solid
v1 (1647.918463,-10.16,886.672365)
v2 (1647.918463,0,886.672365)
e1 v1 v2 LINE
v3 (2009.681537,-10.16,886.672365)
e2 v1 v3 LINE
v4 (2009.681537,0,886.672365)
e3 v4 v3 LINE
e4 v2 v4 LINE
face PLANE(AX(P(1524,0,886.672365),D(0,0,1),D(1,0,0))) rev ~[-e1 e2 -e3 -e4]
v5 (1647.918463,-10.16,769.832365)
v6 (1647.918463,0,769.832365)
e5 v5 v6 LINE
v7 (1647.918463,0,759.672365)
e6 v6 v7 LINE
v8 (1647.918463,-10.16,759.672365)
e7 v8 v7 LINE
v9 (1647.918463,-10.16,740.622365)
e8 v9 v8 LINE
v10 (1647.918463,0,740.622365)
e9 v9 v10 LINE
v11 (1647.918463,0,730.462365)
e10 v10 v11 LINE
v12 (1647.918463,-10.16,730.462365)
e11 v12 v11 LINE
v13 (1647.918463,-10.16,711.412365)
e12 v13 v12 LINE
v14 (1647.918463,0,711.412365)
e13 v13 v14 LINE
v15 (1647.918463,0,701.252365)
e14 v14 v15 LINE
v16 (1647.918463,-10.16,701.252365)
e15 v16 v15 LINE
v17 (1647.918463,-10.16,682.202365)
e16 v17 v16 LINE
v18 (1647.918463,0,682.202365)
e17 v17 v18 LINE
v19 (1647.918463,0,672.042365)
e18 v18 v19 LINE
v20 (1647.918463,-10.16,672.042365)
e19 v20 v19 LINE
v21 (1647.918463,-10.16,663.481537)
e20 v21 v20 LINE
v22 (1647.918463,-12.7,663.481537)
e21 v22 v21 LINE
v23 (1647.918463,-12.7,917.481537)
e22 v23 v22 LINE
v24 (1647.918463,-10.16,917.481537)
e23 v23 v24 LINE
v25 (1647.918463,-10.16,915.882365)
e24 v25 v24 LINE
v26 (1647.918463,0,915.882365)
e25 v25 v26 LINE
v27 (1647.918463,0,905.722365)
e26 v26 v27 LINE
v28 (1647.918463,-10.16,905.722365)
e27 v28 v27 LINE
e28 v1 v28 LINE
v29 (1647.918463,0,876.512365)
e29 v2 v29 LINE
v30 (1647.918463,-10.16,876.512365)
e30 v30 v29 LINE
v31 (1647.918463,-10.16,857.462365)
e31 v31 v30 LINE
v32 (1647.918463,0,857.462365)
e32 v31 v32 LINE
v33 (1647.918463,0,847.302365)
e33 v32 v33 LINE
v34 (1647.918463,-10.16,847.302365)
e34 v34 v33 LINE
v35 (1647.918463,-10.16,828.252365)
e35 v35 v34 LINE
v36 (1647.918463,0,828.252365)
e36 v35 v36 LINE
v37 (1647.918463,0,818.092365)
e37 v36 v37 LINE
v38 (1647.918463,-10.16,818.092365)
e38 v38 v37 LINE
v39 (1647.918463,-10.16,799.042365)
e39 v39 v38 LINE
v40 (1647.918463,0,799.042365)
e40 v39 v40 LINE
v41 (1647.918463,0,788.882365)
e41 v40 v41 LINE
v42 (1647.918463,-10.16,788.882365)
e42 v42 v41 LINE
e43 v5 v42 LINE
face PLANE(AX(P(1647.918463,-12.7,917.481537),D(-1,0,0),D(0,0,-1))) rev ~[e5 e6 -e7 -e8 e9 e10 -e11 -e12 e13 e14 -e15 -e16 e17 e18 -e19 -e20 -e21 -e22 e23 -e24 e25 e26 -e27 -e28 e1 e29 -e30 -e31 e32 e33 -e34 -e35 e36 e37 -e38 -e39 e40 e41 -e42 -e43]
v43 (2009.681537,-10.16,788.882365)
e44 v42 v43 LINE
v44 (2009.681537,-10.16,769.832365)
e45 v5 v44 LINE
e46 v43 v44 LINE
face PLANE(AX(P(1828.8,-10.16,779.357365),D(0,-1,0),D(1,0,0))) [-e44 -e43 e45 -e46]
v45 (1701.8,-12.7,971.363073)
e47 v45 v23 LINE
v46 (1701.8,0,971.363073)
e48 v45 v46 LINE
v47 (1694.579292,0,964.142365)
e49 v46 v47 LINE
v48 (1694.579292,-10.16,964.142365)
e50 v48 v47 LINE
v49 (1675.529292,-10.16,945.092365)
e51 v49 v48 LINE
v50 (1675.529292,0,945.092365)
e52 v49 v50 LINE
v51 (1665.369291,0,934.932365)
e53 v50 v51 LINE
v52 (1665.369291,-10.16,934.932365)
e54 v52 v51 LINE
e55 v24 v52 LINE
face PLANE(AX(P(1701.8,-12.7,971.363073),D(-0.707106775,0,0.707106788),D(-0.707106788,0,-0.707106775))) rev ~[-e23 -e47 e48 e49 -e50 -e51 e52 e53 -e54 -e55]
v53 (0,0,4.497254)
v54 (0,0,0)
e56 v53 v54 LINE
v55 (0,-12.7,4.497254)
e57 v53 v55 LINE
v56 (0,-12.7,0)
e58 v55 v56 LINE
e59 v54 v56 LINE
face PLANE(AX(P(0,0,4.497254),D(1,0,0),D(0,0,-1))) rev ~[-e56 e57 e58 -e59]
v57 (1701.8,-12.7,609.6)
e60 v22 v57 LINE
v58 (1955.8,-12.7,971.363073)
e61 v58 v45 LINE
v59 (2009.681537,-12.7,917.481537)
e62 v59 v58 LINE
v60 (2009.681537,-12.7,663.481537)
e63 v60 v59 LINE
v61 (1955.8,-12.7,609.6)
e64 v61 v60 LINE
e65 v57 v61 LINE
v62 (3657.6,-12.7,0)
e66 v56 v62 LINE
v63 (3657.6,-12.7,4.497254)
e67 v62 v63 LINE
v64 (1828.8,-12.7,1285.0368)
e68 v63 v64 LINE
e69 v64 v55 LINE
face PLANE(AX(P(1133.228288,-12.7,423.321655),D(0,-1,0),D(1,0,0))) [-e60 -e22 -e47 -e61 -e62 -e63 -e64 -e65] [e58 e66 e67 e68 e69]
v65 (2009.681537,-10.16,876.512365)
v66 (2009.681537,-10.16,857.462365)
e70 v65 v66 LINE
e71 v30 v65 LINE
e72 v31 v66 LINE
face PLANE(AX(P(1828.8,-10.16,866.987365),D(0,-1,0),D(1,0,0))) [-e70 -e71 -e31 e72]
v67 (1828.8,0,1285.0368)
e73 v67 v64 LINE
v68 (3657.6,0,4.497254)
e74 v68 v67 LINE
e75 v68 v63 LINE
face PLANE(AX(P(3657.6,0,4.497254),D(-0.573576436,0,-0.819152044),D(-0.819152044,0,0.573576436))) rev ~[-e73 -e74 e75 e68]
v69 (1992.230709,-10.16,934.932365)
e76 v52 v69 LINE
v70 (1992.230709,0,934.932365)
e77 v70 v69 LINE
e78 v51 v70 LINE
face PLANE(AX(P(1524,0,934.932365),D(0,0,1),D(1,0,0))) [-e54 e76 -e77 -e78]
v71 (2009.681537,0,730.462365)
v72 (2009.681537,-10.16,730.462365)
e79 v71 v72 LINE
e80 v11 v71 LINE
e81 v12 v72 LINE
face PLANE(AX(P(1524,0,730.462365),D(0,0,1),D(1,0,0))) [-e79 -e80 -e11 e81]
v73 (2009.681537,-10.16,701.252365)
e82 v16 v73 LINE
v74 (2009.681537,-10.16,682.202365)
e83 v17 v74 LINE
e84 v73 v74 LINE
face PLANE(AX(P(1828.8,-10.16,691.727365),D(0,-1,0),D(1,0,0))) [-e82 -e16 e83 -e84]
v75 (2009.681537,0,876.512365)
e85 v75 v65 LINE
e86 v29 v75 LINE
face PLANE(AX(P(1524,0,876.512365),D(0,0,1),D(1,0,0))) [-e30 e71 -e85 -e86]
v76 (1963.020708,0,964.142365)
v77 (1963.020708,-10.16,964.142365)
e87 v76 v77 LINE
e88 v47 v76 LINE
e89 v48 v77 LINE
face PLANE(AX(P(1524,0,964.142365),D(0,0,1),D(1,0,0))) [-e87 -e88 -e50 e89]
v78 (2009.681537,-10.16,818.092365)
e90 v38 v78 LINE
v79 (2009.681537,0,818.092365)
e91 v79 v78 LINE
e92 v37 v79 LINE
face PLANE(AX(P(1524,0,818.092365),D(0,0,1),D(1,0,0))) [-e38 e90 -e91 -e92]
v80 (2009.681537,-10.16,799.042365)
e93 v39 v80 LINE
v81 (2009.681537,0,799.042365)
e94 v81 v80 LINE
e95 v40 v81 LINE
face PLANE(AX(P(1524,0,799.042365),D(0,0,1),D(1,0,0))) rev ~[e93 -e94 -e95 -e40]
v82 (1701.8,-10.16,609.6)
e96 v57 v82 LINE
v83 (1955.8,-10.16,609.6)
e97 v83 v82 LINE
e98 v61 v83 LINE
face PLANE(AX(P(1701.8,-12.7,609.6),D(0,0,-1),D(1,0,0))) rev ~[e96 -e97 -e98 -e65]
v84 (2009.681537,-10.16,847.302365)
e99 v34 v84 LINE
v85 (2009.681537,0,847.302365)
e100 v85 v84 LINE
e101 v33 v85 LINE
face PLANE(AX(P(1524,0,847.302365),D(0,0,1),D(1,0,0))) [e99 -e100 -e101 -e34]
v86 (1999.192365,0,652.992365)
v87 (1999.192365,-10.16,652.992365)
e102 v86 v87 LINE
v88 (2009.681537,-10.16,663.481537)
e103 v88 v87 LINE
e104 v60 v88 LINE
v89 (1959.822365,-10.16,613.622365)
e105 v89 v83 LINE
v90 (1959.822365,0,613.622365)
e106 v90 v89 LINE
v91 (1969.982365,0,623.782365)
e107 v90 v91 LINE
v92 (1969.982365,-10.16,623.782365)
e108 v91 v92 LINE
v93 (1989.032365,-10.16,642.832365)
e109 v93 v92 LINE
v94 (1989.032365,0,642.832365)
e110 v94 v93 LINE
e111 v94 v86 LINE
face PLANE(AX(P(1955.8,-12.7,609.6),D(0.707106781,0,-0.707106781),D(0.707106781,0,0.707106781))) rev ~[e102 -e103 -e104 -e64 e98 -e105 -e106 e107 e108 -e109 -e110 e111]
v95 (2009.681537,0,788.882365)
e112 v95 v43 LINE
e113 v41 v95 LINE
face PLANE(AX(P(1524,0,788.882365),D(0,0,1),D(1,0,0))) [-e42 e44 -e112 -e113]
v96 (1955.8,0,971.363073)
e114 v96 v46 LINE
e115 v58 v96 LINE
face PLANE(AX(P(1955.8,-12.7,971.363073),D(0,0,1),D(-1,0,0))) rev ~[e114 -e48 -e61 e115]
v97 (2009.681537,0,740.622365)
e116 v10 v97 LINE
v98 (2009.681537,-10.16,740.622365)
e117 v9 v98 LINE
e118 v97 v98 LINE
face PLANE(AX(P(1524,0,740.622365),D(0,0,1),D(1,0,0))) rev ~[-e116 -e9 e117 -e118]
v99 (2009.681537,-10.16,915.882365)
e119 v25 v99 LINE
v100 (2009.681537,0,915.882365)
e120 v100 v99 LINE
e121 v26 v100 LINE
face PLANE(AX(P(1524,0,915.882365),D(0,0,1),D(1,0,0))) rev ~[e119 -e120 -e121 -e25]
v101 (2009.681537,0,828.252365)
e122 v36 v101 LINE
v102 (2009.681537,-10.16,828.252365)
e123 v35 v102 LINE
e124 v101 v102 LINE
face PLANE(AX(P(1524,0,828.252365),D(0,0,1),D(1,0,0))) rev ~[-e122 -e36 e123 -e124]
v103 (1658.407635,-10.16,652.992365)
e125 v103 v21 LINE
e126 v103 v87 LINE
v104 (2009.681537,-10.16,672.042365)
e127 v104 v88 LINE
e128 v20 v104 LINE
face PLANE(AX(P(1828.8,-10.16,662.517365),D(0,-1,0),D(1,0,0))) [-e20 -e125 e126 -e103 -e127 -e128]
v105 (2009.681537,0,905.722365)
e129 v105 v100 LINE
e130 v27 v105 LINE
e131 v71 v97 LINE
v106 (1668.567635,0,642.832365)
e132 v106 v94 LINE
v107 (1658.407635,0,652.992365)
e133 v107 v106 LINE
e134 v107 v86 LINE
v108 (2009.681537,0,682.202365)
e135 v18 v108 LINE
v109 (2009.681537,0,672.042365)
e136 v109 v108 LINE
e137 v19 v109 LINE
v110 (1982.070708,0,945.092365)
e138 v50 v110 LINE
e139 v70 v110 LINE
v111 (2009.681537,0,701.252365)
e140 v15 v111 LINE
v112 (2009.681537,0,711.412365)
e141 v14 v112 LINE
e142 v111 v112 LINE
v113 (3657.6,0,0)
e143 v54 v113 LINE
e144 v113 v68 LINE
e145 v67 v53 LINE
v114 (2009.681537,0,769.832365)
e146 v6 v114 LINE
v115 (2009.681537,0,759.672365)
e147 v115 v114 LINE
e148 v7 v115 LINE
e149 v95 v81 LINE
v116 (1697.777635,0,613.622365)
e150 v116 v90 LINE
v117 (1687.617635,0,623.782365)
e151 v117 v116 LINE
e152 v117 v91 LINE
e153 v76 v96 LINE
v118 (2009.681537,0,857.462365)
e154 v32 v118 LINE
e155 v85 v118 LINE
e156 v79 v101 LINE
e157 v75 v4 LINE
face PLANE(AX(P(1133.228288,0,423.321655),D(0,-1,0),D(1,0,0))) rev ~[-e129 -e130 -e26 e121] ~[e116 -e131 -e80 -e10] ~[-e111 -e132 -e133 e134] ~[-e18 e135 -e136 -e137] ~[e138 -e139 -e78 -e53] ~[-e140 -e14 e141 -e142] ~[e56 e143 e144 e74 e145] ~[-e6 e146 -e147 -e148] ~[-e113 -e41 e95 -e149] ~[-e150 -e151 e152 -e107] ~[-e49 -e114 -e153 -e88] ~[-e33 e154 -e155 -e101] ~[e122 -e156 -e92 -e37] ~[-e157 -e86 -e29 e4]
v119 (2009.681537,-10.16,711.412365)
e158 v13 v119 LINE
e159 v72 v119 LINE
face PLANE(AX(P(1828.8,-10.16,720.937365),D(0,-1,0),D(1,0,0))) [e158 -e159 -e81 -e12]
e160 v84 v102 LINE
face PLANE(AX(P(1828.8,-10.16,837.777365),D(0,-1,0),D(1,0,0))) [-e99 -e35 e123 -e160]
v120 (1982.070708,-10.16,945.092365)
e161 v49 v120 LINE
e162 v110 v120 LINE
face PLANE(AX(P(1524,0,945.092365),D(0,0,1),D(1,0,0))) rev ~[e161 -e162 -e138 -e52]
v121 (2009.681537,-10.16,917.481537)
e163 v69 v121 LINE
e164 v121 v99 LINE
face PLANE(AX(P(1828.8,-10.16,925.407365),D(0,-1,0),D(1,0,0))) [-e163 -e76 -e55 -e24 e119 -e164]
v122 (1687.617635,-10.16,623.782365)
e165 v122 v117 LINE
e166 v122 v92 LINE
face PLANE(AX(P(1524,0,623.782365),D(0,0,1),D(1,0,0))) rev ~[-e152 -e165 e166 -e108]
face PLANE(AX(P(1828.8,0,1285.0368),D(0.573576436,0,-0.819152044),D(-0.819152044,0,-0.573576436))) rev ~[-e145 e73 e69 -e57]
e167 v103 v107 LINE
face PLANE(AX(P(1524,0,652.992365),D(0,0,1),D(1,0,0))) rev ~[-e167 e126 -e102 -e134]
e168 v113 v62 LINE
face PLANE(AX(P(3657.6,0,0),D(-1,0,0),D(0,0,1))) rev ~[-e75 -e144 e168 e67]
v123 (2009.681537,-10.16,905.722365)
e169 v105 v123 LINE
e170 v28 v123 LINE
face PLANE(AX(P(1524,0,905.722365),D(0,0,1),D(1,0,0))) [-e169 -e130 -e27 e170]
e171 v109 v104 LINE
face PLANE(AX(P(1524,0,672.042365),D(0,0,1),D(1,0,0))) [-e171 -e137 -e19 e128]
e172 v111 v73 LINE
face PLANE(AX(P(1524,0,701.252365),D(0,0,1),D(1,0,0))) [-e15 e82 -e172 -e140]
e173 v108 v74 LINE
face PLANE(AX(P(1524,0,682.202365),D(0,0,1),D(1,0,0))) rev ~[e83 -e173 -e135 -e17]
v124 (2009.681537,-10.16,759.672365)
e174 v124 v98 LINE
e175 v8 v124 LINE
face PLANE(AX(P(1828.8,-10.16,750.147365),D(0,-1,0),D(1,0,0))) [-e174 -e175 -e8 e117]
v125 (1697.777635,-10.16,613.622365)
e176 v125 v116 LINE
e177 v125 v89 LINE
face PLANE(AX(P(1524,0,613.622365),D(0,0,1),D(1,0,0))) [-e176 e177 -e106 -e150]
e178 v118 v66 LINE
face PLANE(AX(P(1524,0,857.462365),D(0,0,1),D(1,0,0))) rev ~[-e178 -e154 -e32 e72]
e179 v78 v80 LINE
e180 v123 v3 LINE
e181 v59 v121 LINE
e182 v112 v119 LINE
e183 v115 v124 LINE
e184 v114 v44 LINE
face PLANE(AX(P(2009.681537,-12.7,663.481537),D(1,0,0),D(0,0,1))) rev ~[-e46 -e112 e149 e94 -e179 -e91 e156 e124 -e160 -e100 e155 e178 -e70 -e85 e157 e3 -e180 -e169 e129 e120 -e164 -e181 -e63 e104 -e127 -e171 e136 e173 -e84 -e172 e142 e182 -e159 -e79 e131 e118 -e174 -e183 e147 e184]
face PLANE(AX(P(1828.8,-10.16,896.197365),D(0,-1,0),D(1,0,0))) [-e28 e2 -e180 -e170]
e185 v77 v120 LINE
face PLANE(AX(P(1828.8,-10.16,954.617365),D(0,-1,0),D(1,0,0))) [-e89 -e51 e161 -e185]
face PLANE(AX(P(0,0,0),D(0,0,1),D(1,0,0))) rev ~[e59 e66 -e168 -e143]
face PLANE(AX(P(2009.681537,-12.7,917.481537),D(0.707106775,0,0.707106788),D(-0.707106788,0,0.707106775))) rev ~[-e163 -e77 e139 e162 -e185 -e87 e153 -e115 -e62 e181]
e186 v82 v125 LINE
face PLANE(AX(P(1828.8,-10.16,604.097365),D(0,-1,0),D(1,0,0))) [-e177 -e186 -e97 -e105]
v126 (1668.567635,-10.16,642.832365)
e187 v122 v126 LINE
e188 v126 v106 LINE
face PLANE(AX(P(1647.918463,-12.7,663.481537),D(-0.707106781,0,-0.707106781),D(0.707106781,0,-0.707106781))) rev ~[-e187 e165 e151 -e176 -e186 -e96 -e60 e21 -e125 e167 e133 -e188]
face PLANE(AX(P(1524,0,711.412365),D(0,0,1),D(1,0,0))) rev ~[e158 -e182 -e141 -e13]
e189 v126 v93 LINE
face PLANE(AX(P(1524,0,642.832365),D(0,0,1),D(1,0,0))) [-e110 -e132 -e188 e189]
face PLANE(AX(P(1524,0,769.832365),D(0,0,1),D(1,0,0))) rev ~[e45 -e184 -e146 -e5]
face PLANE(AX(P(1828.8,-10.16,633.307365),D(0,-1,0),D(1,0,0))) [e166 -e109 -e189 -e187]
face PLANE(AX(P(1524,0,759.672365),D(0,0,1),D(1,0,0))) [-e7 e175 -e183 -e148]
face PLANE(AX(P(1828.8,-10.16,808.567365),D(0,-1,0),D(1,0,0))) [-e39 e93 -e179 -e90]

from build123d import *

# Parameters (mm, degrees)
F1_DEPTH = 12.7
F3_DEPTH = 89.662
F4_W     = 609.6
F4_H     = 19.05
F5_DEPTH = 10.16


with BuildPart() as f1:
    # F0 (on Front) → F1 (new body)
    with BuildSketch(Plane.XZ):
        Polygon((0, 4.497254), (0, 0), (1828.8, 0), (1828.8, 1285.0368), align=None)
        Polygon((1828.8, 1285.0368), (1828.8, 0), (3657.6, 0), (3657.6, 4.497254), align=None)
    extrude(amount=F1_DEPTH)

    # F2 (on face) → F3 (cut)
    with BuildSketch(Plane.XZ.offset(12.7)):
        Polygon((1647.918463, 917.481537), (1647.918463, 790.481537), (2009.681537, 790.481537), (2009.681537, 917.481537), (1955.8, 971.363073), (1701.8, 971.363073), align=None)
        Polygon((1647.918463, 663.481537), (1701.8, 609.6), (1955.8, 609.6), (2009.681537, 663.481537), (2009.681537, 790.481537), (1647.918463, 790.481537), align=None)
    extrude(amount=-F3_DEPTH, mode=Mode.SUBTRACT)

    # F4 (on Front) → F5 (join)
    with BuildSketch(Plane.XZ):
        with Locations((1828.8, 954.617365)):
            Rectangle(F4_W, F4_H)
        with Locations((1828.8, 925.407365)):
            Rectangle(F4_W, F4_H)
        with Locations((1828.8, 896.197365)):
            Rectangle(F4_W, F4_H)
        with Locations((1828.8, 866.987365)):
            Rectangle(F4_W, F4_H)
        with Locations((1828.8, 837.777365)):
            Rectangle(F4_W, F4_H)
        with Locations((1828.8, 808.567365)):
            Rectangle(F4_W, F4_H)
        with Locations((1828.8, 779.357365)):
            Rectangle(F4_W, F4_H)
        with Locations((1828.8, 750.147365)):
            Rectangle(F4_W, F4_H)
        with Locations((1828.8, 720.937365)):
            Rectangle(F4_W, F4_H)
        with Locations((1828.8, 691.727365)):
            Rectangle(F4_W, F4_H)
        with Locations((1828.8, 662.517365)):
            Rectangle(F4_W, F4_H)
        with Locations((1828.8, 633.307365)):
            Rectangle(F4_W, F4_H)
        with Locations((1828.8, 604.097365)):
            Rectangle(F4_W, F4_H)
        with Locations((1828.8, 574.887365)):
            Rectangle(F4_W, F4_H)
    extrude(amount=F5_DEPTH)


solid = f1.part
